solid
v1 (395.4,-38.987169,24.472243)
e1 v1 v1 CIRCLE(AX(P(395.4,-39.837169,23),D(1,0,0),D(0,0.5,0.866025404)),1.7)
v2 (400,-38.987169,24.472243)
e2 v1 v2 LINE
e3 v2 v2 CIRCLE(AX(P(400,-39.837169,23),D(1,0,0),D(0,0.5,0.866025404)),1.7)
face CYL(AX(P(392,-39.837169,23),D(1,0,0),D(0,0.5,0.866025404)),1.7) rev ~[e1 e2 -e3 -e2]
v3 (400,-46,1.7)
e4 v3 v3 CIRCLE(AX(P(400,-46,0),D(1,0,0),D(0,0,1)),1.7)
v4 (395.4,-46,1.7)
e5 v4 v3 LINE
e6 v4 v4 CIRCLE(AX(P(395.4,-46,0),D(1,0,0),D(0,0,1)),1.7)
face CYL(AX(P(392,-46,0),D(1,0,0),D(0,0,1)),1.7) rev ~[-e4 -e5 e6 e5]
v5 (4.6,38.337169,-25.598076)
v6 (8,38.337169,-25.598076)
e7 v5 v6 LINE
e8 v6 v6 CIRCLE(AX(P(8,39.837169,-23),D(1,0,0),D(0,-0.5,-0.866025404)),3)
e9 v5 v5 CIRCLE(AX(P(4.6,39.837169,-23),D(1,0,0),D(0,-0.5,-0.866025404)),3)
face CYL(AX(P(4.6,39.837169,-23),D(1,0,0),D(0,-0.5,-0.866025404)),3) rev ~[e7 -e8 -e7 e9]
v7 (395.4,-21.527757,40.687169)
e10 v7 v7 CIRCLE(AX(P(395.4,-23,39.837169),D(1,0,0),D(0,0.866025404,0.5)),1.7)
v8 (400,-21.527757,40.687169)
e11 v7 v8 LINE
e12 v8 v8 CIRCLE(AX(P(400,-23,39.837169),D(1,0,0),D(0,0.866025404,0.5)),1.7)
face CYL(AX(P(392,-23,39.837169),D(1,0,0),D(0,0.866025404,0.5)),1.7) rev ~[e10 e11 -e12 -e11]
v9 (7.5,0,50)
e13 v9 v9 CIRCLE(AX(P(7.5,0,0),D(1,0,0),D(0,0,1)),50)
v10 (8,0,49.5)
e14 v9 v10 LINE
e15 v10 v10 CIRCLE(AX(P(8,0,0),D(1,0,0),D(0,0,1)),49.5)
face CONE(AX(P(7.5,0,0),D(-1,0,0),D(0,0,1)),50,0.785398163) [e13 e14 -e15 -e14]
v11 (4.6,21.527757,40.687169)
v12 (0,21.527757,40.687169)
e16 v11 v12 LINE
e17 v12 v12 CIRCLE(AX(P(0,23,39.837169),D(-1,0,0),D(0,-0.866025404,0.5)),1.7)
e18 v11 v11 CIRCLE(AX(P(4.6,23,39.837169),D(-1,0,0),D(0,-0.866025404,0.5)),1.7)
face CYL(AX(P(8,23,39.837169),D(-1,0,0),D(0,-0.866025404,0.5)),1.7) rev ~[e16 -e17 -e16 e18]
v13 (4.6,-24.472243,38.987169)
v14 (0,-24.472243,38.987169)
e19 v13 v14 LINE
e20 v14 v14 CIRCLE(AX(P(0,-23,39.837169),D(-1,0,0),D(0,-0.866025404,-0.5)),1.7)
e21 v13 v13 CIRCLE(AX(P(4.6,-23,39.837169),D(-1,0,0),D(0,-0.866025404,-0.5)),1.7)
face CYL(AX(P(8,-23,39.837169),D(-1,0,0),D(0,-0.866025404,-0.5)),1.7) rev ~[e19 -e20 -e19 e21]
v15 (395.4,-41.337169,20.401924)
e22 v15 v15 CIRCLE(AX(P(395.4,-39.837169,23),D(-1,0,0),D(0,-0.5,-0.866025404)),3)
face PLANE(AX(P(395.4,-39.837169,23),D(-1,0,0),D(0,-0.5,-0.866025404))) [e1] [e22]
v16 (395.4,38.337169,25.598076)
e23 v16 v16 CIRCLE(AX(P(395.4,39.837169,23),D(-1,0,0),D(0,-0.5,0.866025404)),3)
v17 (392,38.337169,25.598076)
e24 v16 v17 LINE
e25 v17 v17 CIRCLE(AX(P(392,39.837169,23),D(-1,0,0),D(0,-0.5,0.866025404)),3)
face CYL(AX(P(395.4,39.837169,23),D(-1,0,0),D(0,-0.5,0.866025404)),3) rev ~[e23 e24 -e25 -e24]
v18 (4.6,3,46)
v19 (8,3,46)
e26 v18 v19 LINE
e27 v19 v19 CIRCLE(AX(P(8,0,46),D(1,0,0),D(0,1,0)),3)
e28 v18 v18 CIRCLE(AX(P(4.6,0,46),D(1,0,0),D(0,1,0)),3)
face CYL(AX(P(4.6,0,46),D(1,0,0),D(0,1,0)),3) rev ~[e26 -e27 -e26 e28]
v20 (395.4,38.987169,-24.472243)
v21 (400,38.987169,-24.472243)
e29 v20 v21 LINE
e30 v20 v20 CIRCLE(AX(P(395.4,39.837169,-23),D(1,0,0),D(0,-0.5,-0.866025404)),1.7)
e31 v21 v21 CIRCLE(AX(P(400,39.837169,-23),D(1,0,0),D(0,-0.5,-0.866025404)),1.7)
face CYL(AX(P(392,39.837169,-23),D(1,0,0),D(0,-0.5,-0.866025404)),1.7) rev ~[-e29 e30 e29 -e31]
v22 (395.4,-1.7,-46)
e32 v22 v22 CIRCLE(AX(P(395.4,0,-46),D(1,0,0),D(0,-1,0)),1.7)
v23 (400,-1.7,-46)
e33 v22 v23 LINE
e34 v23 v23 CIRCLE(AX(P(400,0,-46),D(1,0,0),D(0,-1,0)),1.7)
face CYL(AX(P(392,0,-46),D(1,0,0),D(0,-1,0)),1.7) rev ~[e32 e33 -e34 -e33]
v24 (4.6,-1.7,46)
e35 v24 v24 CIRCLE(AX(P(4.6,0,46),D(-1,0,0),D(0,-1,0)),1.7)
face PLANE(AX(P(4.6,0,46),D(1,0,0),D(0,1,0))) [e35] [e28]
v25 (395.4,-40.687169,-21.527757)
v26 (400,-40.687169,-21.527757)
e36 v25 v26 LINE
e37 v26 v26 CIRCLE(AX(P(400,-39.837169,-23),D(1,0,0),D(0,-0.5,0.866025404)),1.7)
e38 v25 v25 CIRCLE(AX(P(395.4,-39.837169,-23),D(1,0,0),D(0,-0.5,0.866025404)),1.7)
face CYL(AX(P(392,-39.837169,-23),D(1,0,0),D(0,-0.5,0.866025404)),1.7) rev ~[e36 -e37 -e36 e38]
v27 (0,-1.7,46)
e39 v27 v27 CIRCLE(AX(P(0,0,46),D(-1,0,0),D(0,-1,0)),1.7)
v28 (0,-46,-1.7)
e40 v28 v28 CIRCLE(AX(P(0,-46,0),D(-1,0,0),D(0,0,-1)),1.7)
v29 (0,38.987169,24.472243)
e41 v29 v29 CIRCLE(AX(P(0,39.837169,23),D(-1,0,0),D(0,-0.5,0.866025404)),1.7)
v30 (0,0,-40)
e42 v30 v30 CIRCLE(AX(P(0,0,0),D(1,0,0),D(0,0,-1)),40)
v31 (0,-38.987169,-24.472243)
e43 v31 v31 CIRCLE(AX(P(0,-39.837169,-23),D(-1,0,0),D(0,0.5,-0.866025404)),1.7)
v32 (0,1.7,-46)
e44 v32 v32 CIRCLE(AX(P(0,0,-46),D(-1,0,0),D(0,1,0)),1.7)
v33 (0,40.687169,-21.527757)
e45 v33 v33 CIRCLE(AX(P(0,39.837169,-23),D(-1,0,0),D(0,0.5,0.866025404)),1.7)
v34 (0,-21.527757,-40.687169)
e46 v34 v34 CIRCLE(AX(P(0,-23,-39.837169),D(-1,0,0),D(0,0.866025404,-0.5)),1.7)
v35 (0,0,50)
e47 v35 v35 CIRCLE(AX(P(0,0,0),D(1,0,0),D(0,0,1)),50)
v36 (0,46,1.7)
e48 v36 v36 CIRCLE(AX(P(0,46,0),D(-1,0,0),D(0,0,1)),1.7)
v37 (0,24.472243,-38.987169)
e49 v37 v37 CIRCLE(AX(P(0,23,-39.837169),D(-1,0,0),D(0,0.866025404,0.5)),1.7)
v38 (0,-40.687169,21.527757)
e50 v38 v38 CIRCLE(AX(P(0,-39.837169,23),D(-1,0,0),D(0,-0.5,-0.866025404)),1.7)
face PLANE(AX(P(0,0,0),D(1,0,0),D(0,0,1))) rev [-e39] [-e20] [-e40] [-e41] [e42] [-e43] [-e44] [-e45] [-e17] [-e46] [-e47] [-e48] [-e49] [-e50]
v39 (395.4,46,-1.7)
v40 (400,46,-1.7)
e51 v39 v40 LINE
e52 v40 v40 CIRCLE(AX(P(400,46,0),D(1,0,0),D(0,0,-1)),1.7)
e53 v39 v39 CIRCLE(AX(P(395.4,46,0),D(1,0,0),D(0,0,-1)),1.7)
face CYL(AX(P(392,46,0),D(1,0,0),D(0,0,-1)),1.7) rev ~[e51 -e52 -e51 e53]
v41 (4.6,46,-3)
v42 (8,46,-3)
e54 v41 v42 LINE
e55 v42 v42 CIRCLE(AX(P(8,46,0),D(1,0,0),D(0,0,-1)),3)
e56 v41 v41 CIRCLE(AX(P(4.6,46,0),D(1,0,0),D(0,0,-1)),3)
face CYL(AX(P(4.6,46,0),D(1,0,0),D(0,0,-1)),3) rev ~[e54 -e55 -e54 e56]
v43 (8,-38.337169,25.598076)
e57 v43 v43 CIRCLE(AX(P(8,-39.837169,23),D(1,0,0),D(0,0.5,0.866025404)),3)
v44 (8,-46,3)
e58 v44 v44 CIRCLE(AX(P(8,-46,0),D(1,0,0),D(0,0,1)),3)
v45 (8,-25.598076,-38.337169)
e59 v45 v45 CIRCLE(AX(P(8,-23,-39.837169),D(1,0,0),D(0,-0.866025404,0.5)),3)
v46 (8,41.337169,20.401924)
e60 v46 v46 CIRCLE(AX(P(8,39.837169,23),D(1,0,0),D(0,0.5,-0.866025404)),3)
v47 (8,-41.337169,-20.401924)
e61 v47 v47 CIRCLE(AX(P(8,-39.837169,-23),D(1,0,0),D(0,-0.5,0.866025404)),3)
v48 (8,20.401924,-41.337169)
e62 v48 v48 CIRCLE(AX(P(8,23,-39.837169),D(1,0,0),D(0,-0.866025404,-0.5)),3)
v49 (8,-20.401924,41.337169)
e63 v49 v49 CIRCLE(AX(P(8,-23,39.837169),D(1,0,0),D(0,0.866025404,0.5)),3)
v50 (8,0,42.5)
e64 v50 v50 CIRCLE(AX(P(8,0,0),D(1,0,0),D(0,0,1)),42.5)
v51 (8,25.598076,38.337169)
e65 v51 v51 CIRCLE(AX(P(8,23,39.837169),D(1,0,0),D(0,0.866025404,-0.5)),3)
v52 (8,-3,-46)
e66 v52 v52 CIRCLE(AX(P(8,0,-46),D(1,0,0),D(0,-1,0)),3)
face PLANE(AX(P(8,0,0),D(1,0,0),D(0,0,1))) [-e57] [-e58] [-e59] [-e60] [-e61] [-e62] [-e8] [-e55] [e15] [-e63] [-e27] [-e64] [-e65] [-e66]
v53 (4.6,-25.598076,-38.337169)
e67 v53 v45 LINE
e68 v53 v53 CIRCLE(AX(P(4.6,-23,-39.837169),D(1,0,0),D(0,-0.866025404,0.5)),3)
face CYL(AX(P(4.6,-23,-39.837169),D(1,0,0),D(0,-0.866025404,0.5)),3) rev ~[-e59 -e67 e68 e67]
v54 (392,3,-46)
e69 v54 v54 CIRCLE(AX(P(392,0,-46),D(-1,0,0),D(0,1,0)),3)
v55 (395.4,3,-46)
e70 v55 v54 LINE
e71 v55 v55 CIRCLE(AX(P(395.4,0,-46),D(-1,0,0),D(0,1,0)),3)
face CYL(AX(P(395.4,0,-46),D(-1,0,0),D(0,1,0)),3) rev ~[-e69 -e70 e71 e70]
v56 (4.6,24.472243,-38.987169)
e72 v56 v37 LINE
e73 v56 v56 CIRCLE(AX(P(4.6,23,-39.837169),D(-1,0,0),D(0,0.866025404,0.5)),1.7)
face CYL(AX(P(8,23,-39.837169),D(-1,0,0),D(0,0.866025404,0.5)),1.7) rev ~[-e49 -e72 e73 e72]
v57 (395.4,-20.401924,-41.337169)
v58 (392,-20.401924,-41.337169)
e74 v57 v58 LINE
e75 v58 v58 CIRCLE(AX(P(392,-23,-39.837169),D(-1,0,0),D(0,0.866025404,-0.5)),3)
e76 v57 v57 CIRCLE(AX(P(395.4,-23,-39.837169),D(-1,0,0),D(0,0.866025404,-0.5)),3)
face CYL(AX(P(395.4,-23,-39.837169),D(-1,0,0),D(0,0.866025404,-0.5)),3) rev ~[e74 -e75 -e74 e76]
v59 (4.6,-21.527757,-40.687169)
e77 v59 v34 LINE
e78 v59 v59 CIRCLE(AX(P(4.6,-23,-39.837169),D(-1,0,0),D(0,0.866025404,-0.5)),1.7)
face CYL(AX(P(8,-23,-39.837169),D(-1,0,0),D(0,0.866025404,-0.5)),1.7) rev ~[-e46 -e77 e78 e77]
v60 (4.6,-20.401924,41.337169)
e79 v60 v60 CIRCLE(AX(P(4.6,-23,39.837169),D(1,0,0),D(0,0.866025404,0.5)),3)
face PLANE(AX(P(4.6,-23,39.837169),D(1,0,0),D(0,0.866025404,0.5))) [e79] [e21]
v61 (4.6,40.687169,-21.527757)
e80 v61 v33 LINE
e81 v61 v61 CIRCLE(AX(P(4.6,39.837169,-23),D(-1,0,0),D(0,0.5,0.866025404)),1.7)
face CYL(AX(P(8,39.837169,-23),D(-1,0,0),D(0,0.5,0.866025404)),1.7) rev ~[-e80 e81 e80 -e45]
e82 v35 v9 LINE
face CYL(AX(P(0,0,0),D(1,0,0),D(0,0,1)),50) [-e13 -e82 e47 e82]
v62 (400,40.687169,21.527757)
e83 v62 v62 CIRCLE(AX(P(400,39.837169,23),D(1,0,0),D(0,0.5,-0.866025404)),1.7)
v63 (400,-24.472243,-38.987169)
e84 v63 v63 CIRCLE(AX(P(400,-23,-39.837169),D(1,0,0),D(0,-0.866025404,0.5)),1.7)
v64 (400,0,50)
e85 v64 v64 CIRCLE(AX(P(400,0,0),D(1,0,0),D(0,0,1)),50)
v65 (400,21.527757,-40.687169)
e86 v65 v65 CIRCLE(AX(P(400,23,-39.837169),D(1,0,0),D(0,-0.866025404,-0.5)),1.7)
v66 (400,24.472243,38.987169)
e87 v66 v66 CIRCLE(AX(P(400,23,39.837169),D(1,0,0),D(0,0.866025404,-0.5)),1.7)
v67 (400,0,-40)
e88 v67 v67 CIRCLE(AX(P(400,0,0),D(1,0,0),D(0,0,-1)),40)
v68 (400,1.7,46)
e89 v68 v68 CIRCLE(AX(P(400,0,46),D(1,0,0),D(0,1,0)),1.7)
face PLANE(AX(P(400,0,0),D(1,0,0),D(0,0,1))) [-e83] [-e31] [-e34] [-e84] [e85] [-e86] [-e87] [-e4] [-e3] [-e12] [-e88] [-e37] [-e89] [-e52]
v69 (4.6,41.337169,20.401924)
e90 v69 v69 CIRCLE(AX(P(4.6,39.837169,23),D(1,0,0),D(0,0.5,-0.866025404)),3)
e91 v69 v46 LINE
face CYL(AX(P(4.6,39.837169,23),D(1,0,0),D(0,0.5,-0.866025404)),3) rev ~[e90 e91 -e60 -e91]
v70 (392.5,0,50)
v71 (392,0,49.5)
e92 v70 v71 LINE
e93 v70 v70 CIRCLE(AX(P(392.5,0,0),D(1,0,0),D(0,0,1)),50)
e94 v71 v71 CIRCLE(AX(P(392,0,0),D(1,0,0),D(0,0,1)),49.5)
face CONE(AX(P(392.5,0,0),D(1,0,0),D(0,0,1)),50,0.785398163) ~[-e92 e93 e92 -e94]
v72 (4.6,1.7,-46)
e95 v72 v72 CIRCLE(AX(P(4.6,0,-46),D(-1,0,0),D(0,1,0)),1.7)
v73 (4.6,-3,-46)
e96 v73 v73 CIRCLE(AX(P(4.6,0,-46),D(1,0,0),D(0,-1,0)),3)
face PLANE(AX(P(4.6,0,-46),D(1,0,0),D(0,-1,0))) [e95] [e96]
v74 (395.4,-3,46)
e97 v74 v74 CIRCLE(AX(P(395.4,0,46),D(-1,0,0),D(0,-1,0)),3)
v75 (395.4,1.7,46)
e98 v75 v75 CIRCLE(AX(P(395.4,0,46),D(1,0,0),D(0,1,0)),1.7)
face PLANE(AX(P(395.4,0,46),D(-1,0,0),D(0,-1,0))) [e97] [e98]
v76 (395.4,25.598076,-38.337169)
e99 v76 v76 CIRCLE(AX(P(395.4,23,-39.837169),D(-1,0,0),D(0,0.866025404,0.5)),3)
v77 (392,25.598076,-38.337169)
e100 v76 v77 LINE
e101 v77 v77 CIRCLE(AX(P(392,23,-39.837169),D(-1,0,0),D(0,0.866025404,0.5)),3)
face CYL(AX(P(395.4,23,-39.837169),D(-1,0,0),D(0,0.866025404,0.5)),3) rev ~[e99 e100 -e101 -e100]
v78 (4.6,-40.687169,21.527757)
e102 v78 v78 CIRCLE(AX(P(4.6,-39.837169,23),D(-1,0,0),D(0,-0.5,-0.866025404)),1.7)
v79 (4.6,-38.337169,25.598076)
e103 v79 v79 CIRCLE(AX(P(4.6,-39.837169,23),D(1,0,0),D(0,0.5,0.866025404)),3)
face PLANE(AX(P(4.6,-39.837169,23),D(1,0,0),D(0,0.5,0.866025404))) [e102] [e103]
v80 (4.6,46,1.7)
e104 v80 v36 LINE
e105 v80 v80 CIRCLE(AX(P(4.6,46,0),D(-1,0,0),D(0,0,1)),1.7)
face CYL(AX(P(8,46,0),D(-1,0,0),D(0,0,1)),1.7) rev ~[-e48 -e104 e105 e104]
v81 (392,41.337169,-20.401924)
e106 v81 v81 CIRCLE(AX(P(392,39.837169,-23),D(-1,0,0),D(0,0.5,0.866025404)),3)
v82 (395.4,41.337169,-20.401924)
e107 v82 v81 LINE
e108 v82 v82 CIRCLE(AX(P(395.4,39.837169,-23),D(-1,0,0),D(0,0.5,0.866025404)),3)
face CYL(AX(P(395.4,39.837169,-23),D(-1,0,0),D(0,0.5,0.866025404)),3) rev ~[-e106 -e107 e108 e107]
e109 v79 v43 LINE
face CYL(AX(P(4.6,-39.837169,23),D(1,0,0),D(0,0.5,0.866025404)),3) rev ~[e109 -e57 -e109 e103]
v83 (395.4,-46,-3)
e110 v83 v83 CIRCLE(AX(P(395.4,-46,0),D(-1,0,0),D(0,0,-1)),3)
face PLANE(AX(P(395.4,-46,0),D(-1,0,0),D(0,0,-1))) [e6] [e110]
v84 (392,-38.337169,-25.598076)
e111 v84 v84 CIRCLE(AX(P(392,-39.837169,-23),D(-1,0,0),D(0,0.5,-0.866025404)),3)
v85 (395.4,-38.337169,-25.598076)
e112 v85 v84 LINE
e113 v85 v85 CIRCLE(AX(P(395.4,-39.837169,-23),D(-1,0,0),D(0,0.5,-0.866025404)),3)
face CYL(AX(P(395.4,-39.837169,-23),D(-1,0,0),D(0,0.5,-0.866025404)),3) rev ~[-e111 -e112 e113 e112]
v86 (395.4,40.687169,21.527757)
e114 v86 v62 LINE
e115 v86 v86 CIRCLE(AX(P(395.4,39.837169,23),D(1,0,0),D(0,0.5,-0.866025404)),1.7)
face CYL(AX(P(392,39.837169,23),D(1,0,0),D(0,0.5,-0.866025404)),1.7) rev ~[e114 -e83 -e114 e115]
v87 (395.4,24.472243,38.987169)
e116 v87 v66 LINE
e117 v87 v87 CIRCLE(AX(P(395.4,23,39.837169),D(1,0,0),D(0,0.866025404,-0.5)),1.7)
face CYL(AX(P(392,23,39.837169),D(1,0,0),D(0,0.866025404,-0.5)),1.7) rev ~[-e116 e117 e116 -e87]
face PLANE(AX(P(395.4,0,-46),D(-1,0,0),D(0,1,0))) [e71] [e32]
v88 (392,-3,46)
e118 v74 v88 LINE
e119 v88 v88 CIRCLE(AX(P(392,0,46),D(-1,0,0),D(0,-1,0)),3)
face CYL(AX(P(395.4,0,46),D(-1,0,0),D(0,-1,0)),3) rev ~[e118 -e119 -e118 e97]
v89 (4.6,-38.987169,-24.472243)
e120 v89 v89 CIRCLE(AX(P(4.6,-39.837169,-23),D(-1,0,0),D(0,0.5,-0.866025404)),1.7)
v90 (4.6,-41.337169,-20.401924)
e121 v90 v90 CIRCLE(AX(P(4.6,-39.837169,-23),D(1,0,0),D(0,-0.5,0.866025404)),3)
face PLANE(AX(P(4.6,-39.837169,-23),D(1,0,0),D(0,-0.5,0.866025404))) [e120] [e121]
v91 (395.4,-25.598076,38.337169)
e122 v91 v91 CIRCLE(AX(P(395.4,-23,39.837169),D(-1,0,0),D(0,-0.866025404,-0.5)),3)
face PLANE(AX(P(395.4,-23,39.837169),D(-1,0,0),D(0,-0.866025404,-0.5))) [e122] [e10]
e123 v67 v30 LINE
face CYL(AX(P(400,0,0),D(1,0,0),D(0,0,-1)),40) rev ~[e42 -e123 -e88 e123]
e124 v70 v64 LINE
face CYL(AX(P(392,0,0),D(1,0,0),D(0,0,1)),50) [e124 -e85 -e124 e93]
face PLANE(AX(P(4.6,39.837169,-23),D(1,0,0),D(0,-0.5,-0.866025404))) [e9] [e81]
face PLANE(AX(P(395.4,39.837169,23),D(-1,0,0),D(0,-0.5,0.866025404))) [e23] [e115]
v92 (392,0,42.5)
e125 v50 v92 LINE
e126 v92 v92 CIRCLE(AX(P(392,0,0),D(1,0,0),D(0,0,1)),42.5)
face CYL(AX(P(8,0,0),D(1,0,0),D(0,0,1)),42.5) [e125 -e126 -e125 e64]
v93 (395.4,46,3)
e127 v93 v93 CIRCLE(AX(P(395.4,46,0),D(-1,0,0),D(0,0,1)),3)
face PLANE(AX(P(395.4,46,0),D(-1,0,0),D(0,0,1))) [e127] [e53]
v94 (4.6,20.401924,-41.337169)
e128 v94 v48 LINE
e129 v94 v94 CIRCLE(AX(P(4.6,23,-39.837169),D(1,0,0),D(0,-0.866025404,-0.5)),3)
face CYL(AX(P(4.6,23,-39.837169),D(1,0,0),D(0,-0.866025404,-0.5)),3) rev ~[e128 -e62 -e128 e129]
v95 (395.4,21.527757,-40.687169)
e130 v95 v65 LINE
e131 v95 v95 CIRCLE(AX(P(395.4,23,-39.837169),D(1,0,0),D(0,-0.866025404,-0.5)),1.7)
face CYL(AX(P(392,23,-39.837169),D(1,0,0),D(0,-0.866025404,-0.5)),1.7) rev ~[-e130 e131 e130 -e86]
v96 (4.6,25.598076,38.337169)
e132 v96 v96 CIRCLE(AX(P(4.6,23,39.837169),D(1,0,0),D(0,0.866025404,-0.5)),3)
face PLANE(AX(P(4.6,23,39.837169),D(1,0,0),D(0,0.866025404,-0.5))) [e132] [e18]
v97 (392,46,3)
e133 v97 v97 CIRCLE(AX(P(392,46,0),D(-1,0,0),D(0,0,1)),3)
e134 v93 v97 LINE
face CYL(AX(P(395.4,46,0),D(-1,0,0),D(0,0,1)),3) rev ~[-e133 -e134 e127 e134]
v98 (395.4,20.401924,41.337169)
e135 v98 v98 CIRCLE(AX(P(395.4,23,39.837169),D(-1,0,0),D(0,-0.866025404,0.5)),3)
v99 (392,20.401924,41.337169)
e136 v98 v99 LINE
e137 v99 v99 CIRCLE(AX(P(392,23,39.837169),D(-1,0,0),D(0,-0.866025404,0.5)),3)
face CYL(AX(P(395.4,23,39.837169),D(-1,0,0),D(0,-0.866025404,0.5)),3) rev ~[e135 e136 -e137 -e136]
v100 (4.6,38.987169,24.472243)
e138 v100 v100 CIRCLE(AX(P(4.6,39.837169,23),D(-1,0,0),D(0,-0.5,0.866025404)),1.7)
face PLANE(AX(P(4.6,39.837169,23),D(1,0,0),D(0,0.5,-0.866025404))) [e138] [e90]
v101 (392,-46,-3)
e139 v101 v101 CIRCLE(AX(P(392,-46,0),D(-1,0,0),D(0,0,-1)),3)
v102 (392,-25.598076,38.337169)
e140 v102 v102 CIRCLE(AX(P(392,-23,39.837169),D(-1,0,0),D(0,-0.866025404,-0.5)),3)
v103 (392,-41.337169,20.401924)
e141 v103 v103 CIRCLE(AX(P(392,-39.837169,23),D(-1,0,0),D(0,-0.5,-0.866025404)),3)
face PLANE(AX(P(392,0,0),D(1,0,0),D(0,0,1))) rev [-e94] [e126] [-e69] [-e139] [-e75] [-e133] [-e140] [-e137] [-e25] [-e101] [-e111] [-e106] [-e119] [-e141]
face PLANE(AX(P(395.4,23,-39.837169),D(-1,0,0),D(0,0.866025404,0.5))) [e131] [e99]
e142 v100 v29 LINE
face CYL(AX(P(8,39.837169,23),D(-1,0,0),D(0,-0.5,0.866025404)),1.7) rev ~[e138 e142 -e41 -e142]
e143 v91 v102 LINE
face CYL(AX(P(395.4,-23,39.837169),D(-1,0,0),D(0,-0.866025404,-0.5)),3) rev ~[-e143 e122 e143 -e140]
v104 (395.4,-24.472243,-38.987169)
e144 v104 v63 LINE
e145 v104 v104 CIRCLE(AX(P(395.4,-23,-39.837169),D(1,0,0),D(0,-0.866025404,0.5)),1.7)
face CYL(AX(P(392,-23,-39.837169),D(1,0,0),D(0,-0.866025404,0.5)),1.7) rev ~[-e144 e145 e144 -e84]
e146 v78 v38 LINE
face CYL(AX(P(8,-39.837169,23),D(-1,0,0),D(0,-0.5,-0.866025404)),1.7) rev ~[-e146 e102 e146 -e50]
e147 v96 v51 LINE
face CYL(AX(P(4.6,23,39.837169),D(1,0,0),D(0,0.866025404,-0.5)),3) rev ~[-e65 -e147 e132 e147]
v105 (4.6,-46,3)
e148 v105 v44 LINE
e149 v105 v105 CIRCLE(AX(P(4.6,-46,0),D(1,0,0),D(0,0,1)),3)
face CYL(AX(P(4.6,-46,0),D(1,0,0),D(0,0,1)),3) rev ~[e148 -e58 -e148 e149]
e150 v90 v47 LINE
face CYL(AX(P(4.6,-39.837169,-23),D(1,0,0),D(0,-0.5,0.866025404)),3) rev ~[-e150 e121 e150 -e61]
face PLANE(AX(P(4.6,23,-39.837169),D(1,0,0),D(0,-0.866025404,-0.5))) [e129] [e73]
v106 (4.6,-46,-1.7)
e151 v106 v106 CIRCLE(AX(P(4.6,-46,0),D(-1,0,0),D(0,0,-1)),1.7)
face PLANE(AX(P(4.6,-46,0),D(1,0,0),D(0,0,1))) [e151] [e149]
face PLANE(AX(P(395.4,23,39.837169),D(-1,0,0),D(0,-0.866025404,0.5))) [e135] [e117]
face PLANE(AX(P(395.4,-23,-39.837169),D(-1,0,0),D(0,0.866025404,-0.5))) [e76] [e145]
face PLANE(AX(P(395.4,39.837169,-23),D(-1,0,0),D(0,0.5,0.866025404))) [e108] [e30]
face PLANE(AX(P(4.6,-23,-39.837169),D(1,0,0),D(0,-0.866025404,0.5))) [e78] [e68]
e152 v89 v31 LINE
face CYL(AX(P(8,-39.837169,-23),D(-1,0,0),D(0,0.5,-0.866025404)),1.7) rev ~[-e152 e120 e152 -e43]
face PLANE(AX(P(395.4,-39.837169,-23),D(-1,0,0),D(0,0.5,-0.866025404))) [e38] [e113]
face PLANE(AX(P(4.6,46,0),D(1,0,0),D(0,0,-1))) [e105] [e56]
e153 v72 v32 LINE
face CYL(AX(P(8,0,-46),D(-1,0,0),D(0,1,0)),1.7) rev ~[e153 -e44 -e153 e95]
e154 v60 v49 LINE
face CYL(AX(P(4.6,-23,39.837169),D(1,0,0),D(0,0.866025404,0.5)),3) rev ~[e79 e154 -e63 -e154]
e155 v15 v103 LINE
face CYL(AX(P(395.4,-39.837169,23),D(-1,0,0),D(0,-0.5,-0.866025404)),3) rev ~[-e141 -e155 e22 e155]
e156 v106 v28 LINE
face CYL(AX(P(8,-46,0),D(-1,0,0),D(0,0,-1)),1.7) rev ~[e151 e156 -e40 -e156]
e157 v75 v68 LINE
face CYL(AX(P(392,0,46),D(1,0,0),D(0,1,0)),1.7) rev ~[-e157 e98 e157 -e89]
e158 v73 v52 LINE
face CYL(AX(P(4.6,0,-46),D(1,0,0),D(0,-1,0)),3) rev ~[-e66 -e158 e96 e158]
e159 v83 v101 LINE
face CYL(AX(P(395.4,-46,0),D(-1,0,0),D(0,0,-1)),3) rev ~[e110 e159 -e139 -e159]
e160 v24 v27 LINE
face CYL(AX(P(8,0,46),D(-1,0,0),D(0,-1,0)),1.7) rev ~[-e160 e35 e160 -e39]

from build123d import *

# Parameters (mm, degrees)
SKETCH_4_R                = 40
CUT_EXTRUDE_1_DEPTH       = 407.201920232
HOLE_WIZARD_1_D           = 3.4
HOLE_WIZARD_1_DEPTH       = 8
HOLE_WIZARD_1_CBORE_D     = 6
HOLE_WIZARD_1_CBORE_DEPTH = 3.4
PATTERN_CIRCULAR_1_COUNT  = 12
HOLE_WIZARD_3_D           = 3.4
HOLE_WIZARD_3_DEPTH       = 8
HOLE_WIZARD_3_CBORE_D     = 6
HOLE_WIZARD_3_CBORE_DEPTH = 3.4
PATTERN_CIRCULAR_2_COUNT  = 12
CHAMFER_1_SIZE            = 0.5


with BuildPart() as part:
    # 草图3 → 旋转1 (revolve)
    with BuildSketch(Plane.XY, mode=Mode.PRIVATE) as revolve_1_sk:
        Polygon((0, 0), (0, 50), (8, 50), (8, 42.5), (392, 42.5), (392, 50), (400, 50), (400, 0), align=None)
    revolve(revolve_1_sk.sketch.rotate(Axis((-303.553299492, 0, 0), (1, 0, 0)), 90), axis=Axis((-303.553299492, 0, 0), (1, 0, 0)))

    # 草图4 → 切除-拉伸1 (cut, through all)
    with BuildSketch(Plane(origin=(400, 0, 0), x_dir=(0, 0, -1), z_dir=(1, 0, 0))):
        Circle(SKETCH_4_R)
    extrude(amount=-CUT_EXTRUDE_1_DEPTH, mode=Mode.SUBTRACT)

    # 打孔尺寸(%根据)内六角圆柱头螺钉的类型1
    with Locations(Plane.ZY.offset(-392)):
        with Locations((0, 46)):
            hole_wizard_1 = CounterBoreHole(HOLE_WIZARD_1_D / 2, HOLE_WIZARD_1_CBORE_D / 2, HOLE_WIZARD_1_CBORE_DEPTH, depth=HOLE_WIZARD_1_DEPTH)

    # 阵列(圆周)1: 打孔尺寸(%根据)内六角圆柱头螺钉的类型1 ×12 about axis
    pattern_circular_1_axis = Axis((0, 0, 0), (1, 0, 0))
    for i in range(1, PATTERN_CIRCULAR_1_COUNT):
        add(hole_wizard_1.rotate(pattern_circular_1_axis, i * 360 / PATTERN_CIRCULAR_1_COUNT), mode=Mode.SUBTRACT)

    # 打孔尺寸(%根据)内六角圆柱头螺钉的类型3
    with Locations(Plane(origin=(8, 0, 0), x_dir=(0, 0, -1), z_dir=(1, 0, 0))):
        with Locations((0, 46)):
            hole_wizard_3 = CounterBoreHole(HOLE_WIZARD_3_D / 2, HOLE_WIZARD_3_CBORE_D / 2, HOLE_WIZARD_3_CBORE_DEPTH, depth=HOLE_WIZARD_3_DEPTH)

    # 阵列(圆周)2: 打孔尺寸(%根据)内六角圆柱头螺钉的类型3 ×12 about axis
    pattern_circular_2_axis = Axis((0, 0, 0), (1, 0, 0))
    for i in range(1, PATTERN_CIRCULAR_2_COUNT):
        add(hole_wizard_3.rotate(pattern_circular_2_axis, i * 360 / PATTERN_CIRCULAR_2_COUNT), mode=Mode.SUBTRACT)

    # 倒角1
    chamfer_1_edges = [part.edges().sort_by_distance(p)[0] for p in [
        (392, 0, -50),
        (8, 0, -50),
    ]]
    chamfer(chamfer_1_edges, length=CHAMFER_1_SIZE)


solid = part.part
